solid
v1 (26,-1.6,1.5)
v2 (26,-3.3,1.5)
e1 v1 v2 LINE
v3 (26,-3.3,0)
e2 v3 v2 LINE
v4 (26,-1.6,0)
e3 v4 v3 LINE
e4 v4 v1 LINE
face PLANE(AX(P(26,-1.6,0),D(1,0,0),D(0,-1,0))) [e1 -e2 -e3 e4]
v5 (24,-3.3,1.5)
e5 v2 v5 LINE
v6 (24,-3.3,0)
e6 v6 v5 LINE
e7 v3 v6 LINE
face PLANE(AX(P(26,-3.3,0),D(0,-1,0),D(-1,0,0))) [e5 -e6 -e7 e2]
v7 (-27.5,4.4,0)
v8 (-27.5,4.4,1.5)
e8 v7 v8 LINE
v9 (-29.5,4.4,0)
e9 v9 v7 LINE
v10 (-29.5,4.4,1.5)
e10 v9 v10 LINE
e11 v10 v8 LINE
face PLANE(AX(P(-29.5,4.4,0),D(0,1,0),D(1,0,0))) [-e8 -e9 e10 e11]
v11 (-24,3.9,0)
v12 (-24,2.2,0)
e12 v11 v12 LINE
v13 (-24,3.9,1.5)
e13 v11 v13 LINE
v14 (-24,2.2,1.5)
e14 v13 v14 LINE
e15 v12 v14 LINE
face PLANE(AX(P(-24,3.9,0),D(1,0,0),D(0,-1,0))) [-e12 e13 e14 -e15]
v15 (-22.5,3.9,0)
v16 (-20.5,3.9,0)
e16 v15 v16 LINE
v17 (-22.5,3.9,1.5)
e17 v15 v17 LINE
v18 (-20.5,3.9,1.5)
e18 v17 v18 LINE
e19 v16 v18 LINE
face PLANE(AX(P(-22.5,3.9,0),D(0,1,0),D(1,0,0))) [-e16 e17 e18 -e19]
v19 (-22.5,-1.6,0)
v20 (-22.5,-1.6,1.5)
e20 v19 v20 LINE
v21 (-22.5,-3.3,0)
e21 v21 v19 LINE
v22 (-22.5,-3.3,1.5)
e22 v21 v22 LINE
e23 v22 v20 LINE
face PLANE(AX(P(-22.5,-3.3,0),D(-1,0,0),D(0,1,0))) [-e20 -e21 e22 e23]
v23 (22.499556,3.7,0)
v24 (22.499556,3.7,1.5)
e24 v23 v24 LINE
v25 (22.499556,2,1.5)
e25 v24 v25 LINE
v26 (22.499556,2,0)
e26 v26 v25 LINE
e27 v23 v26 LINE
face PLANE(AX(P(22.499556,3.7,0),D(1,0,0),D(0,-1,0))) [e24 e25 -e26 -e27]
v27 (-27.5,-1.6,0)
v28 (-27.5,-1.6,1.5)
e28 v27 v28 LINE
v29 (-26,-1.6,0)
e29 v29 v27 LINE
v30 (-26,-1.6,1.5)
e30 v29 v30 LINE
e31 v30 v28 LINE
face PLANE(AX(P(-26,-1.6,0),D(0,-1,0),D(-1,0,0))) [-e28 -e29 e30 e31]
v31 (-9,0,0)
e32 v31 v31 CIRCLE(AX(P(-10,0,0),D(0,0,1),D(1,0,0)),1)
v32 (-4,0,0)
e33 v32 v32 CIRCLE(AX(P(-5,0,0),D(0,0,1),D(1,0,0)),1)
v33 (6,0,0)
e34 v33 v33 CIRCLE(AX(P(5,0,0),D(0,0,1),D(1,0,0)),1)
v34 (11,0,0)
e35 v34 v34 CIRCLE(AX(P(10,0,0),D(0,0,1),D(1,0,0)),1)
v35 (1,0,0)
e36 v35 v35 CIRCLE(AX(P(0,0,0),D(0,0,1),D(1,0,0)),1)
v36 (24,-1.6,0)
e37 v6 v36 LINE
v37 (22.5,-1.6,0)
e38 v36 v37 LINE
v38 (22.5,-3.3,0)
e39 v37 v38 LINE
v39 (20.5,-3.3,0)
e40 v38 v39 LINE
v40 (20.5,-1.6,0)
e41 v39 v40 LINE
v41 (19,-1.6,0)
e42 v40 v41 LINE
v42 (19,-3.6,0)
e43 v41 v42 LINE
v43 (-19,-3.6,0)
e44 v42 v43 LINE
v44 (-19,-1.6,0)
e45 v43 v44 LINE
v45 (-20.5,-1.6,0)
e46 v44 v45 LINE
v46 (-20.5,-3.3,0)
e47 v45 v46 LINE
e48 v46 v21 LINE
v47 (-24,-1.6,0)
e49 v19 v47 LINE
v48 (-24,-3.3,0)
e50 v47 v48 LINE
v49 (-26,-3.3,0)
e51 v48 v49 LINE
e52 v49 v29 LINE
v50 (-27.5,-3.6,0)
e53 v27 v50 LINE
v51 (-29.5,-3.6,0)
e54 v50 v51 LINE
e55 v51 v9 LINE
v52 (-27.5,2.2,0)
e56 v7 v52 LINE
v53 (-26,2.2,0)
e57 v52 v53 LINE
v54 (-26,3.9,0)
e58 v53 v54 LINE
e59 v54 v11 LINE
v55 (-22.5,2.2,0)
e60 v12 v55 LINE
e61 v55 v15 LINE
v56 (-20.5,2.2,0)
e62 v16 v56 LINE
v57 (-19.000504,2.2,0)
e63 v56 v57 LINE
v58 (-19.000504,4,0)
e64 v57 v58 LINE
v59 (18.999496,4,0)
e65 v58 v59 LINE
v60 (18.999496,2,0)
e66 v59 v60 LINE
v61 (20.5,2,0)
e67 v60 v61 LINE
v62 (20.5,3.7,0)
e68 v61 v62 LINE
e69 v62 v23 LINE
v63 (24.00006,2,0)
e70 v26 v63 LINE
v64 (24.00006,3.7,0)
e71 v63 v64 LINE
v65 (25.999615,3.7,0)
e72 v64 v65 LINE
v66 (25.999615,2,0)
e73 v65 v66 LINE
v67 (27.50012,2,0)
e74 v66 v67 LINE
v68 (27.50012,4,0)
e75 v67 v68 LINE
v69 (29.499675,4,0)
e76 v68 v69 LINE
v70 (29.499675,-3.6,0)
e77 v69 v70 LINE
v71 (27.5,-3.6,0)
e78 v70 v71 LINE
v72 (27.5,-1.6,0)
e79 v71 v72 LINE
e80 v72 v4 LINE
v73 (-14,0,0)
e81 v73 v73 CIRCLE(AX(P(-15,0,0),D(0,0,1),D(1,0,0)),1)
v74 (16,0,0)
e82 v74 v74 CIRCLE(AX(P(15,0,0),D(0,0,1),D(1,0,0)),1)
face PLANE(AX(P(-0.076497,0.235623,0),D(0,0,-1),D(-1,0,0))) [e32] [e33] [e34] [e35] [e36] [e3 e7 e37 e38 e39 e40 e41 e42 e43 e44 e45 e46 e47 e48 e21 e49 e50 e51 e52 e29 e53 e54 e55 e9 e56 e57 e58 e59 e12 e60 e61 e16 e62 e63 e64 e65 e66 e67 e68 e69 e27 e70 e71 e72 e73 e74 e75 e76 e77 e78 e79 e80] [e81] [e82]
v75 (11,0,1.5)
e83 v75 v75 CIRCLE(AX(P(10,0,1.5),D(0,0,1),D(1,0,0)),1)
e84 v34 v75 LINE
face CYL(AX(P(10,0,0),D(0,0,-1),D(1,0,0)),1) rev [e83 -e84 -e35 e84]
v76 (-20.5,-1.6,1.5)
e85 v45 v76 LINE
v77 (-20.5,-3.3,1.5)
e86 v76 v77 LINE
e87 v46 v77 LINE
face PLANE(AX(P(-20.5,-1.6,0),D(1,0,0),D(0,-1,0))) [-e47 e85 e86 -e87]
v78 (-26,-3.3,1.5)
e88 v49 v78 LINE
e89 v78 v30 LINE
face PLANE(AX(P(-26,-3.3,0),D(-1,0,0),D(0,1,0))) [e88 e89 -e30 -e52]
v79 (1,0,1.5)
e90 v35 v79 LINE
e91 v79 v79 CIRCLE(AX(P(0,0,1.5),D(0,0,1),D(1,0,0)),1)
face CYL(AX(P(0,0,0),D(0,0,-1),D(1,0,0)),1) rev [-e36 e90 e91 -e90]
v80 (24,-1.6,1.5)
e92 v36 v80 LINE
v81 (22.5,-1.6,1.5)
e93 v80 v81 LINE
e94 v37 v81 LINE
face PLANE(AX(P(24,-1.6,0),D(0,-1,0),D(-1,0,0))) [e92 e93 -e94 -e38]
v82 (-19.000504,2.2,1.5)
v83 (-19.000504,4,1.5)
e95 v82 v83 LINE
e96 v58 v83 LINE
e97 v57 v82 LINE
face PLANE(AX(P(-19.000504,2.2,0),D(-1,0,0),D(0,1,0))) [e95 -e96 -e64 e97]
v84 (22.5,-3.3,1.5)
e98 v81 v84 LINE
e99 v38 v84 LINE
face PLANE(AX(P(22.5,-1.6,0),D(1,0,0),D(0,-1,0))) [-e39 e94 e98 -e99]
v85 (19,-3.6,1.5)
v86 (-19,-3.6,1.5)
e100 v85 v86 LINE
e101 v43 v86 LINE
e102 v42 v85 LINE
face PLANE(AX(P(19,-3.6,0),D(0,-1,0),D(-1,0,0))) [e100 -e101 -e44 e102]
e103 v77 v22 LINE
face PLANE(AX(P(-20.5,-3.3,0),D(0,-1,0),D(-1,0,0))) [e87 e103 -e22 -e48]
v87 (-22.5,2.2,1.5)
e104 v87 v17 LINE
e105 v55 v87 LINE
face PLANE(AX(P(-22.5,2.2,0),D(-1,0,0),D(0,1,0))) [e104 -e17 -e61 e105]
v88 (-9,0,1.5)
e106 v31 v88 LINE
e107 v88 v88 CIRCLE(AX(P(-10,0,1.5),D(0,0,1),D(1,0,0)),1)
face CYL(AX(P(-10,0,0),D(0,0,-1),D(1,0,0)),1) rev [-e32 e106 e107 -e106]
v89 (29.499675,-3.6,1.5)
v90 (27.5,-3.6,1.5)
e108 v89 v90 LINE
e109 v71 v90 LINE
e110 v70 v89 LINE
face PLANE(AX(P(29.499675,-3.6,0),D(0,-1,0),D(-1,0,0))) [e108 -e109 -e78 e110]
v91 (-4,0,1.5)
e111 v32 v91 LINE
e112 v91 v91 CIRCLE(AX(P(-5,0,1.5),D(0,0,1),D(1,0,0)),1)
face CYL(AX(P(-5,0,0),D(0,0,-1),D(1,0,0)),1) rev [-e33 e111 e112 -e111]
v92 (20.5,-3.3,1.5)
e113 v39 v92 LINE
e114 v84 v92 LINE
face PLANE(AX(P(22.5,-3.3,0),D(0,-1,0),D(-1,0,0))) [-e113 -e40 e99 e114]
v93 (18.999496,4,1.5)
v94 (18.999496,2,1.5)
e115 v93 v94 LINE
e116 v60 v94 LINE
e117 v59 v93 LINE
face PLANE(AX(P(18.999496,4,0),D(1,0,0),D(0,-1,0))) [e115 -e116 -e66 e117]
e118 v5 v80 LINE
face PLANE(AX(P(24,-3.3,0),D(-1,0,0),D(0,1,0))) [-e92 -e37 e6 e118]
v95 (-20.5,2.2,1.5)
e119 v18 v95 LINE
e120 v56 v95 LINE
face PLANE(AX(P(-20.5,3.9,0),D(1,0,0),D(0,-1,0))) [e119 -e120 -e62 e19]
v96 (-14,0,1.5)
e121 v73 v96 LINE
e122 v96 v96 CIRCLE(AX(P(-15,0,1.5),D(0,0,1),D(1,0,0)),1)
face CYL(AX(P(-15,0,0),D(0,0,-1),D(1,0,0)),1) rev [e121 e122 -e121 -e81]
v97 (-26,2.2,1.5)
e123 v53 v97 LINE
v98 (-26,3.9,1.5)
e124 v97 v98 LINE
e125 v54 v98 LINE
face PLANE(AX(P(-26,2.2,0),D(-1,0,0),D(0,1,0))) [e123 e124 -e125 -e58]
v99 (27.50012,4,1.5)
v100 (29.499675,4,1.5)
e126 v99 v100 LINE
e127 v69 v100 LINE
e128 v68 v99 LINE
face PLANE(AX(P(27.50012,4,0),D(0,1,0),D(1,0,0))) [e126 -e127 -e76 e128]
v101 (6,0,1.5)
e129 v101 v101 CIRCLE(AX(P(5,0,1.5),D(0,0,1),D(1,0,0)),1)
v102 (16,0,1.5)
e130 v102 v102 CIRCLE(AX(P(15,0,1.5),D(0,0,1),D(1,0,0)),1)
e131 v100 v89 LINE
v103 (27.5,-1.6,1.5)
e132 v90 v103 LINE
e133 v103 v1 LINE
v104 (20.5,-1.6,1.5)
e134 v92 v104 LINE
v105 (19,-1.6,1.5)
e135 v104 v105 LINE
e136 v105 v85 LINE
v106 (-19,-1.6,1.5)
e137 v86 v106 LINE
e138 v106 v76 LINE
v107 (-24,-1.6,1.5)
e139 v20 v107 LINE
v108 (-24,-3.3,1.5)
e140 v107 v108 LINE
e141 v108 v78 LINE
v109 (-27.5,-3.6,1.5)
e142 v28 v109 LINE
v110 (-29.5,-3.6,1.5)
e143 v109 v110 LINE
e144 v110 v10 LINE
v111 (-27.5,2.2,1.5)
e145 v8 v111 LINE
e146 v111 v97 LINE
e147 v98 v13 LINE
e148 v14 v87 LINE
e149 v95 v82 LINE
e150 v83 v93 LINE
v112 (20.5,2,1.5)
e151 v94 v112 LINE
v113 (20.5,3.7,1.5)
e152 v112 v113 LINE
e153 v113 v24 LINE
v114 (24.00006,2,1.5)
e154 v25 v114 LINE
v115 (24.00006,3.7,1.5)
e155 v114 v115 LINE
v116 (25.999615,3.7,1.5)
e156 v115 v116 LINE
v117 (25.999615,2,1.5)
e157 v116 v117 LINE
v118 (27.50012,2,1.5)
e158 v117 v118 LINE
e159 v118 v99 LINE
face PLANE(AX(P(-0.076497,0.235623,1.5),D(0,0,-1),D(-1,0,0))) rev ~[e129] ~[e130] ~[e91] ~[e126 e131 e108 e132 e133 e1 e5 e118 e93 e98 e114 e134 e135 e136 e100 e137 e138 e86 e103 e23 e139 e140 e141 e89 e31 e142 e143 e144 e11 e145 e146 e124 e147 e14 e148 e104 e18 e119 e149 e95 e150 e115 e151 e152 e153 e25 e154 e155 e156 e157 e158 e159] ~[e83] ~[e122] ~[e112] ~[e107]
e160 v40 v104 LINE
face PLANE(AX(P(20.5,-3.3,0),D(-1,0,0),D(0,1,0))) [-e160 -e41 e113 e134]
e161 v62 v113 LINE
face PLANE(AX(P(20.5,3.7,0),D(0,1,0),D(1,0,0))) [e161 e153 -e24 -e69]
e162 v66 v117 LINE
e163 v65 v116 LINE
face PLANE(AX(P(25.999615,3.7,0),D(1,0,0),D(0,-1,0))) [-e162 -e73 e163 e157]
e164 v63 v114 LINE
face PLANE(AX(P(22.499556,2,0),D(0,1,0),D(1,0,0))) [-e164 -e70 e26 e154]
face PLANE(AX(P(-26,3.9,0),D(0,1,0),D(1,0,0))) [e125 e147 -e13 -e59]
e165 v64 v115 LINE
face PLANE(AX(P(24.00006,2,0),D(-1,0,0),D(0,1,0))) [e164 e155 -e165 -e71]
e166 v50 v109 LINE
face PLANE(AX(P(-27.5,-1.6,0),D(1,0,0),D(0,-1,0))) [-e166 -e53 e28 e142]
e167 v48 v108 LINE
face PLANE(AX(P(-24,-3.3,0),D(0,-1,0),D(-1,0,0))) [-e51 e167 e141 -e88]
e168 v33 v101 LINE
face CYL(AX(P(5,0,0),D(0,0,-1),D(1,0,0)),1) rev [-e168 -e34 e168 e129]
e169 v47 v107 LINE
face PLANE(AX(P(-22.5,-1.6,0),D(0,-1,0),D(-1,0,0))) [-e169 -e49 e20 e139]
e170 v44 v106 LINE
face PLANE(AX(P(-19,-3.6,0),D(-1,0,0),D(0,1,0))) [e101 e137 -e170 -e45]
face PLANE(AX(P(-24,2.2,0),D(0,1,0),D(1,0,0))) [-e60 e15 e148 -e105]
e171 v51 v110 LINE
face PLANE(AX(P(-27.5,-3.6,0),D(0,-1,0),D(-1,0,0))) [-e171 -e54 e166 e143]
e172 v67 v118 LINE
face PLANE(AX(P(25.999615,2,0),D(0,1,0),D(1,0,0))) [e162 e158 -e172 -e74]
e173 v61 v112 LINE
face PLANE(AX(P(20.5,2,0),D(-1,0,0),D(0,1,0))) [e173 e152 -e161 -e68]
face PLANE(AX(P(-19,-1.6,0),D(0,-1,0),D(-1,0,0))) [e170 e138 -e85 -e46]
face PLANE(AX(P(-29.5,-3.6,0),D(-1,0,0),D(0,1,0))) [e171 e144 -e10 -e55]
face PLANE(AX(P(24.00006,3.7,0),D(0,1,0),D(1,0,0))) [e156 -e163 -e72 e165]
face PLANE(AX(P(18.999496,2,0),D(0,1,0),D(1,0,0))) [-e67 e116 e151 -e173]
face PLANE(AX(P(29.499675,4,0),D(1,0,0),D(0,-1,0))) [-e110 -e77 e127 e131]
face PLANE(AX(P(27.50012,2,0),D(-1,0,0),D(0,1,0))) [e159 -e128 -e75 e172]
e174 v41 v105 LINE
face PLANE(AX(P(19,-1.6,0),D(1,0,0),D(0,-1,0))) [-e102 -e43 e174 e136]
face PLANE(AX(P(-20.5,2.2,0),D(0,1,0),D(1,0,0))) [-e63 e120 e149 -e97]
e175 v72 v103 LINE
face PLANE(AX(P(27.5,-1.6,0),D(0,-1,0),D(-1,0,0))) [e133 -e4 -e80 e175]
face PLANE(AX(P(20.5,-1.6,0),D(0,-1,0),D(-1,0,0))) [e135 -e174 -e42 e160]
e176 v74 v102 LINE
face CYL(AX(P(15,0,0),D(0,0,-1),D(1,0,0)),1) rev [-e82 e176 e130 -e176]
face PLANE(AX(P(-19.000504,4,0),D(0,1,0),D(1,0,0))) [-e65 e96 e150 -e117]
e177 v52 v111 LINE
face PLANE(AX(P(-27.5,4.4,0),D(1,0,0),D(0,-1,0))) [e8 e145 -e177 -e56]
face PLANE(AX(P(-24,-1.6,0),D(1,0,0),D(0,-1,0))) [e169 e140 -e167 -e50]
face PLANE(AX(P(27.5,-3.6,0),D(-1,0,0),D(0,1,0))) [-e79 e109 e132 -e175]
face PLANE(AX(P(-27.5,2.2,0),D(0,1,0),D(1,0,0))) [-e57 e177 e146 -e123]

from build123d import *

# Parameters (mm, degrees)
SKETCH_1_R      = 1
EXTRUDE_1_DEPTH = 1.5


with BuildPart() as part:
    # 草图1 → 凸台-拉伸1 (new body)
    with BuildSketch(Plane.XY):
        Polygon((-19.000504276, 4), (18.999495724, 4), (18.999495724, 2), (20.5, 2), (20.5, 3.7), (22.499555553, 3.7), (22.499555553, 2), (24.00005983, 2), (24.00005983, 3.7), (25.999615383, 3.7), (25.999615383, 2), (27.50011966, 2), (27.50011966, 4), (29.499675213, 4), (29.499675213, -3.6), (27.5, -3.6), (27.5, -1.6), (26, -1.6), (26, -3.3), (24, -3.3), (24, -1.6), (22.5, -1.6), (22.5, -3.3), (20.5, -3.3), (20.5, -1.6), (19, -1.6), (19, -3.6), (-19, -3.6), (-19, -1.6), (-20.5, -1.6), (-20.5, -3.3), (-22.5, -3.3), (-22.5, -1.6), (-24, -1.6), (-24, -3.3), (-26, -3.3), (-26, -1.6), (-27.5, -1.6), (-27.5, -3.6), (-29.5, -3.6), (-29.5, 4.4), (-27.5, 4.4), (-27.5, 2.2), (-26, 2.2), (-26, 3.9), (-24, 3.9), (-24, 2.2), (-22.5, 2.2), (-22.5, 3.9), (-20.5, 3.9), (-20.5, 2.2), (-19.000504276, 2.2), align=None)
        Circle(SKETCH_1_R, mode=Mode.SUBTRACT)
        with Locations((5, 0)):
            Circle(SKETCH_1_R, mode=Mode.SUBTRACT)
        with Locations((10, 0)):
            Circle(SKETCH_1_R, mode=Mode.SUBTRACT)
        with Locations((15, 0)):
            Circle(SKETCH_1_R, mode=Mode.SUBTRACT)
        with Locations((-5, 0)):
            Circle(SKETCH_1_R, mode=Mode.SUBTRACT)
        with Locations((-10, 0)):
            Circle(SKETCH_1_R, mode=Mode.SUBTRACT)
        with Locations((-15, 0)):
            Circle(SKETCH_1_R, mode=Mode.SUBTRACT)
    extrude(amount=EXTRUDE_1_DEPTH)


solid = part.part
